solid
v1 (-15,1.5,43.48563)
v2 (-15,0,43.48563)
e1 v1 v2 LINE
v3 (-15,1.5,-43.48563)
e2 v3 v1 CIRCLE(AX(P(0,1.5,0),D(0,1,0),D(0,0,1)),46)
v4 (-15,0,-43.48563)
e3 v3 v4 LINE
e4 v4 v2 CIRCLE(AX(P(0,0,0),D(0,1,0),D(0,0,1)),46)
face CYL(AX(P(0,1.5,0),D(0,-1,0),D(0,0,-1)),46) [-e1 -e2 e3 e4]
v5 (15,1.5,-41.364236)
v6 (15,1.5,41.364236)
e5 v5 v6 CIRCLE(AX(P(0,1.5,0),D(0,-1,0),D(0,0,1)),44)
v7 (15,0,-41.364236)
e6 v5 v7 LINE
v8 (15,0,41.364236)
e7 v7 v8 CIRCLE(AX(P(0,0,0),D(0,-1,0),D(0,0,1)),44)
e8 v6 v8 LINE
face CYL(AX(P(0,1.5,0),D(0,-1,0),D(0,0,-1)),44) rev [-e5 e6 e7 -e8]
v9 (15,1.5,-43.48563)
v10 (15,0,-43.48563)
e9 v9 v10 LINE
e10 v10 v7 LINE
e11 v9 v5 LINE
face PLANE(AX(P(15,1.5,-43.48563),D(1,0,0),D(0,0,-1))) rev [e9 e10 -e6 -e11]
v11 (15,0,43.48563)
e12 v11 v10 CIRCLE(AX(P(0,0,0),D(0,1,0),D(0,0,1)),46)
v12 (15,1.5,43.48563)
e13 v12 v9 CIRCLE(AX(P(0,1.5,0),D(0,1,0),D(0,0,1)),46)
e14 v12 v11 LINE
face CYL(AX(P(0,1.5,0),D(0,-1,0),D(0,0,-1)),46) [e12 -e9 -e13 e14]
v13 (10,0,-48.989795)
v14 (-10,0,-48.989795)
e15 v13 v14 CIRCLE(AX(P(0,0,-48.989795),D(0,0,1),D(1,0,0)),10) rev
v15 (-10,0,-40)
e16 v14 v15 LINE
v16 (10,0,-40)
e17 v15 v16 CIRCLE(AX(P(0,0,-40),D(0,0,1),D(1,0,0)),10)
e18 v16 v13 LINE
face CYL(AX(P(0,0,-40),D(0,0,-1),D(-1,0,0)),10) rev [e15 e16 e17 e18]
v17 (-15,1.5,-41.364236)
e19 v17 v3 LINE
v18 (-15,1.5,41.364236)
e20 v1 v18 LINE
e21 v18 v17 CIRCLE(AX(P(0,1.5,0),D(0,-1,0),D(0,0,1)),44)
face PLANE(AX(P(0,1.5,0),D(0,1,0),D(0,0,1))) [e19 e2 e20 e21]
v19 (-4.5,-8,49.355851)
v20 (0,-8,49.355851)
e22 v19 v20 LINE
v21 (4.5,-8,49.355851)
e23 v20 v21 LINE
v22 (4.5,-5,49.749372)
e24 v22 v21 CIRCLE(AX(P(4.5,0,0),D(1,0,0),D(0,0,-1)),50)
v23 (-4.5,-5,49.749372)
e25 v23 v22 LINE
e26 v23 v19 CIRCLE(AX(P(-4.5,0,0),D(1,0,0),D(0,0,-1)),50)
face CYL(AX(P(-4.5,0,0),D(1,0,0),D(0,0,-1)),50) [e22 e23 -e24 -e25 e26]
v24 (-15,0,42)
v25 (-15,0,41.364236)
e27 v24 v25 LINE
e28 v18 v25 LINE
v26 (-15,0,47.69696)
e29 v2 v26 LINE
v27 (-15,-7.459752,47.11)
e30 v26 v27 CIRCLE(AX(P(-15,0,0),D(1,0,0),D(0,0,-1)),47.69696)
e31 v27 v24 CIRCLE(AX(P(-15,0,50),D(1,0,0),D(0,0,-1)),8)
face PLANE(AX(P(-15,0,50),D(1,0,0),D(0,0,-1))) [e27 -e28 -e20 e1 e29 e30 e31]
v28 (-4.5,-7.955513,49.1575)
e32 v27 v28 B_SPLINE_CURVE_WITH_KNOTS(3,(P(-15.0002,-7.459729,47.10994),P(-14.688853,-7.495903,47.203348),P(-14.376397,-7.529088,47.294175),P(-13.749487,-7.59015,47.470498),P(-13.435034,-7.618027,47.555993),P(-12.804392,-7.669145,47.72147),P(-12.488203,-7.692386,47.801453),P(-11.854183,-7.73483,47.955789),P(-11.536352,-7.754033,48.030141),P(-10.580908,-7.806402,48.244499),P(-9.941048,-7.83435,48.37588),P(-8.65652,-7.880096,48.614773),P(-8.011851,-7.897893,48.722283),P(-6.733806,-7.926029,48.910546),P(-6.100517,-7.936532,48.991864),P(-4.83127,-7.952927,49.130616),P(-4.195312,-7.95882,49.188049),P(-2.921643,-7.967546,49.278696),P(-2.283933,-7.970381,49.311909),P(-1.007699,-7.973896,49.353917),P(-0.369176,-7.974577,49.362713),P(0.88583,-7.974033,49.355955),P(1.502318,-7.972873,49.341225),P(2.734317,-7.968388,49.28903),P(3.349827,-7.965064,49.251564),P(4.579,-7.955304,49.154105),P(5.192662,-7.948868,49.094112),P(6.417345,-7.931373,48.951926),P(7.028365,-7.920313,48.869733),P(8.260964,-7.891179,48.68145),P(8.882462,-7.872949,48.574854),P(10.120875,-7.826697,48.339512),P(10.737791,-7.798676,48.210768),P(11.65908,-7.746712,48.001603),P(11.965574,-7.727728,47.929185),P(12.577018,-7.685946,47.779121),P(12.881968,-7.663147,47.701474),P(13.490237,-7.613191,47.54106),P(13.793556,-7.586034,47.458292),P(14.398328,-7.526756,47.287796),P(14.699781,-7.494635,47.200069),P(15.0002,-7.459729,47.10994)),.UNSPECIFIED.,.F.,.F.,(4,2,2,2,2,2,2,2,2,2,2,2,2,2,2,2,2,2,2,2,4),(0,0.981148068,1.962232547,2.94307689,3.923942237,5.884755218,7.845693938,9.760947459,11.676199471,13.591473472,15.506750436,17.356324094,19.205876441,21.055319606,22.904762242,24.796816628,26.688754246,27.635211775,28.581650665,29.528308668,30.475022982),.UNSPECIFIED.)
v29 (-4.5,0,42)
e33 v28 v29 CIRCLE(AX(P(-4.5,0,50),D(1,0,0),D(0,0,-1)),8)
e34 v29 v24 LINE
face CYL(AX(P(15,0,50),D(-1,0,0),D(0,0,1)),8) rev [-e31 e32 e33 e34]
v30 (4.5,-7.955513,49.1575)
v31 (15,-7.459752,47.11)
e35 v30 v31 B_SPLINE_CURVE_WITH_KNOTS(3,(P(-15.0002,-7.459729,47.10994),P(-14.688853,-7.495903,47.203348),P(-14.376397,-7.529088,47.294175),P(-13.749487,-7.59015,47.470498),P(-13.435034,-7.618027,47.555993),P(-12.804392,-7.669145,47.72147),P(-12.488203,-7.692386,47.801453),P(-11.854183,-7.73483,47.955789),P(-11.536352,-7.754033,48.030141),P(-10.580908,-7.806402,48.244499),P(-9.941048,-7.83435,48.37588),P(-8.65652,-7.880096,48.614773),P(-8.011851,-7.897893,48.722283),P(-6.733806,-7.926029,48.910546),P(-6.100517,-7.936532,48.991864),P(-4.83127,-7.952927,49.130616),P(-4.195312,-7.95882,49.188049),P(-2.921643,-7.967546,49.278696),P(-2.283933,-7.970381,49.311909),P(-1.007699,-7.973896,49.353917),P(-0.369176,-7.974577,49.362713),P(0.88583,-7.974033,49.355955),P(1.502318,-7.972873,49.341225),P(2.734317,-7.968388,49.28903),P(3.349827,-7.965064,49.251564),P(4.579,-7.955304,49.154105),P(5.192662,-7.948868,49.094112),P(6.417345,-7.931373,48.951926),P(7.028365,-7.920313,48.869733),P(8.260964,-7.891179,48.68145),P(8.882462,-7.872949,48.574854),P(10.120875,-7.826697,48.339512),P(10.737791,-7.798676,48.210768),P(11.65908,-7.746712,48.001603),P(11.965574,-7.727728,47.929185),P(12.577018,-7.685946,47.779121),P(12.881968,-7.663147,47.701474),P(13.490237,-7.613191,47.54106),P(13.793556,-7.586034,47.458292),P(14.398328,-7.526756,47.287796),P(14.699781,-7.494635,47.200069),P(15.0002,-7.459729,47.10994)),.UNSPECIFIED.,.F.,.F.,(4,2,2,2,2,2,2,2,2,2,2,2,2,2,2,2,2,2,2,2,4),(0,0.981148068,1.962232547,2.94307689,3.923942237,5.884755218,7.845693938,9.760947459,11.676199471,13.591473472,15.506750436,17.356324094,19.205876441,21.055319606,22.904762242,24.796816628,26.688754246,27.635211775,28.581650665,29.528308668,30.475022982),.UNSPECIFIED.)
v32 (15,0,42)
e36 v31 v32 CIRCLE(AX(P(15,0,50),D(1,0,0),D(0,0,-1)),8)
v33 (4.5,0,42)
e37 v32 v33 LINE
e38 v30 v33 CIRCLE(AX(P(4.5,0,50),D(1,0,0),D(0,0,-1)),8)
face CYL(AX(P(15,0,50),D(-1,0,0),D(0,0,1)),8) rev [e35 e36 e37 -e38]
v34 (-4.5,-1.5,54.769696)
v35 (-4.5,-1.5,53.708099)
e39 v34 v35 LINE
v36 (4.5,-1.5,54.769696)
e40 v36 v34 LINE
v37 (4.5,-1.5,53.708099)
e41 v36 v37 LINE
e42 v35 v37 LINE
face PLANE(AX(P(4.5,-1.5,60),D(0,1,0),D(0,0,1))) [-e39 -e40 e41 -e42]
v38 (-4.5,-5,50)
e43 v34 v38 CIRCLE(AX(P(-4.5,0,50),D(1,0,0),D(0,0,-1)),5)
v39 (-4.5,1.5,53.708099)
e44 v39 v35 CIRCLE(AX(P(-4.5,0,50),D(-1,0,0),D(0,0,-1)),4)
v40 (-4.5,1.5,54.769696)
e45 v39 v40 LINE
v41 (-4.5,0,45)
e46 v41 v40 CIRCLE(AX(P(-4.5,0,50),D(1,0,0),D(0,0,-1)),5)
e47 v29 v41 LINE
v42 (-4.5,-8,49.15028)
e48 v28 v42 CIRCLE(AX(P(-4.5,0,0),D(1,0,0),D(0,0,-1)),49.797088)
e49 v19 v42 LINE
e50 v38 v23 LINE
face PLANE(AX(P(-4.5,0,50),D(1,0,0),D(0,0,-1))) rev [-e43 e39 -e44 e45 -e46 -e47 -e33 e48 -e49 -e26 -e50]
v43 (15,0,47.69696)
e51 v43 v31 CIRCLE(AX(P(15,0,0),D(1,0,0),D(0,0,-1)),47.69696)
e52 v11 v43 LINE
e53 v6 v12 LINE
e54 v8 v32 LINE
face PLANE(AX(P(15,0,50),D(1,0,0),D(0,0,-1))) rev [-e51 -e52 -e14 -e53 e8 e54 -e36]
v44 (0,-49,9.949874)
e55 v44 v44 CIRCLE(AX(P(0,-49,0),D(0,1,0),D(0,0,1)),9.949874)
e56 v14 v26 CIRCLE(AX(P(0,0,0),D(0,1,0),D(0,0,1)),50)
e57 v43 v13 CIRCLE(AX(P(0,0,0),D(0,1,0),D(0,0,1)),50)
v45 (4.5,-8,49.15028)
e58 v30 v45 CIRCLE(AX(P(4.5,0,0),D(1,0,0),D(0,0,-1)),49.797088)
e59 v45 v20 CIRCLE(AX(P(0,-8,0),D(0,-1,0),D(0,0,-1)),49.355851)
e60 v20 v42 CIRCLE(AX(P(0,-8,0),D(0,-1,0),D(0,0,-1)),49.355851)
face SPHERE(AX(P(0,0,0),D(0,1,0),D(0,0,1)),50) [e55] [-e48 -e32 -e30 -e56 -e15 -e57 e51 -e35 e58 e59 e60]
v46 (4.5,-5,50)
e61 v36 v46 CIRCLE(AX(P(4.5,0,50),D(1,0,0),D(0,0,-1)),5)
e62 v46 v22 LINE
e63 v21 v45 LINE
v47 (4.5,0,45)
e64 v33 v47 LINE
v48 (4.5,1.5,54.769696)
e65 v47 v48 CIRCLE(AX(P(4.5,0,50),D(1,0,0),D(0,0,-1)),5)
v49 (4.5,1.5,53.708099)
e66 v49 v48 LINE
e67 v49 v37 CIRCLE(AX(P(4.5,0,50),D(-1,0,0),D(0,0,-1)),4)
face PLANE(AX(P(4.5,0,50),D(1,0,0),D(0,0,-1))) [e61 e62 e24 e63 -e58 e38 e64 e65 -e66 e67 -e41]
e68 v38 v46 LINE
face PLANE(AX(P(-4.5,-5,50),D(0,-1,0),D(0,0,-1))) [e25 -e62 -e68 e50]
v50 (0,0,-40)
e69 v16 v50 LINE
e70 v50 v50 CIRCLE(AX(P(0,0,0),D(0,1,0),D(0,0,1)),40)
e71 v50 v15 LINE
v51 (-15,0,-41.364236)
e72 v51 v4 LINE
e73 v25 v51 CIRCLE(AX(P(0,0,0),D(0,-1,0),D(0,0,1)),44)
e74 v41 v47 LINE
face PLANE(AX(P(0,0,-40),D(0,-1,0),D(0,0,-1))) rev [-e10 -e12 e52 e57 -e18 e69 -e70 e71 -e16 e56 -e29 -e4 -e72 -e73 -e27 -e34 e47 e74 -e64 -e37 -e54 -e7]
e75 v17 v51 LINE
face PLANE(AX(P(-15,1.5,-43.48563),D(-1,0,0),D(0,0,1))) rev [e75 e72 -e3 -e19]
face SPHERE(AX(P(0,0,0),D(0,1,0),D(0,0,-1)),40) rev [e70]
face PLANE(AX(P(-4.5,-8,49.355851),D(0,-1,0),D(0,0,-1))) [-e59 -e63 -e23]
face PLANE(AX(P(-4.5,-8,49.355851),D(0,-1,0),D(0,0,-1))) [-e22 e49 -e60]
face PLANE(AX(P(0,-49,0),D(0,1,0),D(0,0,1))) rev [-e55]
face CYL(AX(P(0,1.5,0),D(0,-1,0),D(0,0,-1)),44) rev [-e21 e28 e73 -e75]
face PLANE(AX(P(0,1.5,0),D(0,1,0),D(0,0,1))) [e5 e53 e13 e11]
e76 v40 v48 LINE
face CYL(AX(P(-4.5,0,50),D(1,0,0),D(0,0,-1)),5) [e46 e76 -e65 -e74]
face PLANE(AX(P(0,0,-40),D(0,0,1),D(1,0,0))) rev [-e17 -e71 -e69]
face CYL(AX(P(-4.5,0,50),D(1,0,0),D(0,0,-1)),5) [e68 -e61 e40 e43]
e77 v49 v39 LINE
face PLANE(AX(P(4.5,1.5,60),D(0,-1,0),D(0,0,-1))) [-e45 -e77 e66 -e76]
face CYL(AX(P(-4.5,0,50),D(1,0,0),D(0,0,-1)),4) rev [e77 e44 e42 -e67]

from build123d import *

# Parameters (mm, degrees)
CUT_EXTRUDE1_DEPTH       = 15
CUT_EXTRUDE1_DEPTH_BACK  = 15
SKETCH2_R                = 8
BOSS_EXTRUDE1_DEPTH      = 4.5
BOSS_EXTRUDE1_DEPTH_BACK = 4.5
SKETCH3_R                = 5
SKETCH3_R_2              = 4
BOSS_EXTRUDE2_DEPTH      = 4.5
BOSS_EXTRUDE2_DEPTH_BACK = 4.5
SKETCH5_R                = 10
CUT_EXTRUDE2_DEPTH       = 10
BOSS_EXTRUDE3_DEPTH      = 1.5
BOSS_EXTRUDE6_DEPTH      = 4.5
BOSS_EXTRUDE6_DEPTH_BACK = 4.5
CUT_EXTRUDE3_DEPTH       = 4.5
CUT_EXTRUDE3_DEPTH_BACK  = 4.5
SKETCH11_W               = 10
SKETCH11_H               = 3
SKETCH12_R               = 10
CUT_EXTRUDE4_DEPTH       = 1


with BuildPart() as part:
    # Sketch1 → Revolve1 (revolve)
    with BuildSketch(Plane(origin=(0, 0, 0), x_dir=(0, 0, -1), z_dir=(1, 0, 0))):
        with BuildLine():
            Line((0, -40), (0, -50))
            ThreePointArc((0, -50), (35.355339059, -35.355339059), (50, 0))
            Line((50, 0), (40, 0))
            ThreePointArc((40, 0), (28.284271247, -28.284271247), (0, -40))
        make_face()
    revolve(axis=Axis((0, 58.068573396, 0), (0, -1, 0)))

    # Sketch2 → Cut-Extrude1 (cut, two sides: drawn at the far end of the back side and taken through both)
    with BuildSketch(Plane(origin=(0, 0, 0), x_dir=(0, 0, -1), z_dir=(1, 0, 0)).offset(-CUT_EXTRUDE1_DEPTH_BACK)):
        with Locations((-50, 0)):
            Circle(SKETCH2_R)
    extrude(amount=CUT_EXTRUDE1_DEPTH + CUT_EXTRUDE1_DEPTH_BACK, mode=Mode.SUBTRACT)



with BuildPart() as body_2:
    # Sketch3 → Boss-Extrude1 (new, two sides: drawn at the far end of the back side and taken through both)
    with BuildSketch(Plane(origin=(0, 0, 0), x_dir=(0, 0, -1), z_dir=(1, 0, 0)).offset(-BOSS_EXTRUDE1_DEPTH_BACK)):
        with Locations((-50, 0)):
            Circle(SKETCH3_R)
        with Locations((-50, 0)):
            Circle(SKETCH3_R_2, mode=Mode.SUBTRACT)
    extrude(amount=BOSS_EXTRUDE1_DEPTH + BOSS_EXTRUDE1_DEPTH_BACK)


with BuildPart() as part_1:
    add(part.part)

    add(body_2.part)  # Boss-Extrude2 merges body 2
    # Sketch4 → Boss-Extrude2 (add, two sides: drawn at the far end of the back side and taken through both)
    with BuildSketch(Plane(origin=(0, 0, 0), x_dir=(0, 0, -1), z_dir=(1, 0, 0)).offset(-BOSS_EXTRUDE2_DEPTH_BACK)):
        with BuildLine():
            Line((-46, 0), (-40, 0))
            Line((-40, 0), (-40, -5))
            Line((-40, -5), (-50, -5))
            Line((-50, -5), (-50, -4))
            ThreePointArc((-50, -4), (-47.171572875, -2.828427125), (-46, 0))
        make_face()
    extrude(amount=BOSS_EXTRUDE2_DEPTH + BOSS_EXTRUDE2_DEPTH_BACK)

    # Sketch5 → Cut-Extrude2 (cut)
    with BuildSketch(Plane.XY.offset(-50)):
        Circle(SKETCH5_R)
    extrude(amount=CUT_EXTRUDE2_DEPTH, mode=Mode.SUBTRACT)

    # Sketch6 → Boss-Extrude3 (add)
    with BuildSketch(Plane(origin=(0, 0, 0), x_dir=(1, 0, 0), z_dir=(0, 1, 0))):
        with BuildLine():
            Line((-15, 43.48562981), (-15, 41.36423576))
            ThreePointArc((-15, 41.36423576), (-44, 0), (-15, -41.36423576))
            Line((-15, -41.36423576), (-15, -43.48562981))
            ThreePointArc((-15, -43.48562981), (-46, 0), (-15, 43.48562981))
        make_face()
        with BuildLine():
            Line((15, 43.48562981), (15, 41.36423576))
            ThreePointArc((15, 41.36423576), (44, 0), (15, -41.36423576))
            Line((15, -41.36423576), (15, -43.48562981))
            ThreePointArc((15, -43.48562981), (46, 0), (15, 43.48562981))
        make_face()
    extrude(amount=BOSS_EXTRUDE3_DEPTH)

    # Sketch10 → Boss-Extrude6 (add, two sides: drawn at the far end of the back side and taken through both)
    with BuildSketch(Plane(origin=(0, 0, 0), x_dir=(0, 0, -1), z_dir=(1, 0, 0)).offset(-BOSS_EXTRUDE6_DEPTH_BACK)):
        with BuildLine():
            Line((-49.749371855, -5), (-40, -5))
            Line((-40, -5), (-40, -8))
            Line((-40, -8), (-49.355850717, -8))
            ThreePointArc((-49.355850717, -8), (-49.57530923, -6.502977374), (-49.749371855, -5))
        make_face()
    extrude(amount=BOSS_EXTRUDE6_DEPTH + BOSS_EXTRUDE6_DEPTH_BACK)

    # Sketch11 → Cut-Extrude3 (cut, two sides: drawn at the far end of the back side and taken through both)
    with BuildSketch(Plane(origin=(0, 0, 0), x_dir=(0, 0, -1), z_dir=(1, 0, 0)).offset(-CUT_EXTRUDE3_DEPTH_BACK)):
        with Locations((-55, 0)):
            Rectangle(SKETCH11_W, SKETCH11_H)
    extrude(amount=CUT_EXTRUDE3_DEPTH + CUT_EXTRUDE3_DEPTH_BACK, mode=Mode.SUBTRACT)

    # Sketch12 → Cut-Extrude4 (cut)
    with BuildSketch(Plane(origin=(0, -50, 0), x_dir=(1, 0, 0), z_dir=(0, 1, 0))):
        Circle(SKETCH12_R)
    extrude(amount=CUT_EXTRUDE4_DEPTH, mode=Mode.SUBTRACT)


solid = part_1.part
